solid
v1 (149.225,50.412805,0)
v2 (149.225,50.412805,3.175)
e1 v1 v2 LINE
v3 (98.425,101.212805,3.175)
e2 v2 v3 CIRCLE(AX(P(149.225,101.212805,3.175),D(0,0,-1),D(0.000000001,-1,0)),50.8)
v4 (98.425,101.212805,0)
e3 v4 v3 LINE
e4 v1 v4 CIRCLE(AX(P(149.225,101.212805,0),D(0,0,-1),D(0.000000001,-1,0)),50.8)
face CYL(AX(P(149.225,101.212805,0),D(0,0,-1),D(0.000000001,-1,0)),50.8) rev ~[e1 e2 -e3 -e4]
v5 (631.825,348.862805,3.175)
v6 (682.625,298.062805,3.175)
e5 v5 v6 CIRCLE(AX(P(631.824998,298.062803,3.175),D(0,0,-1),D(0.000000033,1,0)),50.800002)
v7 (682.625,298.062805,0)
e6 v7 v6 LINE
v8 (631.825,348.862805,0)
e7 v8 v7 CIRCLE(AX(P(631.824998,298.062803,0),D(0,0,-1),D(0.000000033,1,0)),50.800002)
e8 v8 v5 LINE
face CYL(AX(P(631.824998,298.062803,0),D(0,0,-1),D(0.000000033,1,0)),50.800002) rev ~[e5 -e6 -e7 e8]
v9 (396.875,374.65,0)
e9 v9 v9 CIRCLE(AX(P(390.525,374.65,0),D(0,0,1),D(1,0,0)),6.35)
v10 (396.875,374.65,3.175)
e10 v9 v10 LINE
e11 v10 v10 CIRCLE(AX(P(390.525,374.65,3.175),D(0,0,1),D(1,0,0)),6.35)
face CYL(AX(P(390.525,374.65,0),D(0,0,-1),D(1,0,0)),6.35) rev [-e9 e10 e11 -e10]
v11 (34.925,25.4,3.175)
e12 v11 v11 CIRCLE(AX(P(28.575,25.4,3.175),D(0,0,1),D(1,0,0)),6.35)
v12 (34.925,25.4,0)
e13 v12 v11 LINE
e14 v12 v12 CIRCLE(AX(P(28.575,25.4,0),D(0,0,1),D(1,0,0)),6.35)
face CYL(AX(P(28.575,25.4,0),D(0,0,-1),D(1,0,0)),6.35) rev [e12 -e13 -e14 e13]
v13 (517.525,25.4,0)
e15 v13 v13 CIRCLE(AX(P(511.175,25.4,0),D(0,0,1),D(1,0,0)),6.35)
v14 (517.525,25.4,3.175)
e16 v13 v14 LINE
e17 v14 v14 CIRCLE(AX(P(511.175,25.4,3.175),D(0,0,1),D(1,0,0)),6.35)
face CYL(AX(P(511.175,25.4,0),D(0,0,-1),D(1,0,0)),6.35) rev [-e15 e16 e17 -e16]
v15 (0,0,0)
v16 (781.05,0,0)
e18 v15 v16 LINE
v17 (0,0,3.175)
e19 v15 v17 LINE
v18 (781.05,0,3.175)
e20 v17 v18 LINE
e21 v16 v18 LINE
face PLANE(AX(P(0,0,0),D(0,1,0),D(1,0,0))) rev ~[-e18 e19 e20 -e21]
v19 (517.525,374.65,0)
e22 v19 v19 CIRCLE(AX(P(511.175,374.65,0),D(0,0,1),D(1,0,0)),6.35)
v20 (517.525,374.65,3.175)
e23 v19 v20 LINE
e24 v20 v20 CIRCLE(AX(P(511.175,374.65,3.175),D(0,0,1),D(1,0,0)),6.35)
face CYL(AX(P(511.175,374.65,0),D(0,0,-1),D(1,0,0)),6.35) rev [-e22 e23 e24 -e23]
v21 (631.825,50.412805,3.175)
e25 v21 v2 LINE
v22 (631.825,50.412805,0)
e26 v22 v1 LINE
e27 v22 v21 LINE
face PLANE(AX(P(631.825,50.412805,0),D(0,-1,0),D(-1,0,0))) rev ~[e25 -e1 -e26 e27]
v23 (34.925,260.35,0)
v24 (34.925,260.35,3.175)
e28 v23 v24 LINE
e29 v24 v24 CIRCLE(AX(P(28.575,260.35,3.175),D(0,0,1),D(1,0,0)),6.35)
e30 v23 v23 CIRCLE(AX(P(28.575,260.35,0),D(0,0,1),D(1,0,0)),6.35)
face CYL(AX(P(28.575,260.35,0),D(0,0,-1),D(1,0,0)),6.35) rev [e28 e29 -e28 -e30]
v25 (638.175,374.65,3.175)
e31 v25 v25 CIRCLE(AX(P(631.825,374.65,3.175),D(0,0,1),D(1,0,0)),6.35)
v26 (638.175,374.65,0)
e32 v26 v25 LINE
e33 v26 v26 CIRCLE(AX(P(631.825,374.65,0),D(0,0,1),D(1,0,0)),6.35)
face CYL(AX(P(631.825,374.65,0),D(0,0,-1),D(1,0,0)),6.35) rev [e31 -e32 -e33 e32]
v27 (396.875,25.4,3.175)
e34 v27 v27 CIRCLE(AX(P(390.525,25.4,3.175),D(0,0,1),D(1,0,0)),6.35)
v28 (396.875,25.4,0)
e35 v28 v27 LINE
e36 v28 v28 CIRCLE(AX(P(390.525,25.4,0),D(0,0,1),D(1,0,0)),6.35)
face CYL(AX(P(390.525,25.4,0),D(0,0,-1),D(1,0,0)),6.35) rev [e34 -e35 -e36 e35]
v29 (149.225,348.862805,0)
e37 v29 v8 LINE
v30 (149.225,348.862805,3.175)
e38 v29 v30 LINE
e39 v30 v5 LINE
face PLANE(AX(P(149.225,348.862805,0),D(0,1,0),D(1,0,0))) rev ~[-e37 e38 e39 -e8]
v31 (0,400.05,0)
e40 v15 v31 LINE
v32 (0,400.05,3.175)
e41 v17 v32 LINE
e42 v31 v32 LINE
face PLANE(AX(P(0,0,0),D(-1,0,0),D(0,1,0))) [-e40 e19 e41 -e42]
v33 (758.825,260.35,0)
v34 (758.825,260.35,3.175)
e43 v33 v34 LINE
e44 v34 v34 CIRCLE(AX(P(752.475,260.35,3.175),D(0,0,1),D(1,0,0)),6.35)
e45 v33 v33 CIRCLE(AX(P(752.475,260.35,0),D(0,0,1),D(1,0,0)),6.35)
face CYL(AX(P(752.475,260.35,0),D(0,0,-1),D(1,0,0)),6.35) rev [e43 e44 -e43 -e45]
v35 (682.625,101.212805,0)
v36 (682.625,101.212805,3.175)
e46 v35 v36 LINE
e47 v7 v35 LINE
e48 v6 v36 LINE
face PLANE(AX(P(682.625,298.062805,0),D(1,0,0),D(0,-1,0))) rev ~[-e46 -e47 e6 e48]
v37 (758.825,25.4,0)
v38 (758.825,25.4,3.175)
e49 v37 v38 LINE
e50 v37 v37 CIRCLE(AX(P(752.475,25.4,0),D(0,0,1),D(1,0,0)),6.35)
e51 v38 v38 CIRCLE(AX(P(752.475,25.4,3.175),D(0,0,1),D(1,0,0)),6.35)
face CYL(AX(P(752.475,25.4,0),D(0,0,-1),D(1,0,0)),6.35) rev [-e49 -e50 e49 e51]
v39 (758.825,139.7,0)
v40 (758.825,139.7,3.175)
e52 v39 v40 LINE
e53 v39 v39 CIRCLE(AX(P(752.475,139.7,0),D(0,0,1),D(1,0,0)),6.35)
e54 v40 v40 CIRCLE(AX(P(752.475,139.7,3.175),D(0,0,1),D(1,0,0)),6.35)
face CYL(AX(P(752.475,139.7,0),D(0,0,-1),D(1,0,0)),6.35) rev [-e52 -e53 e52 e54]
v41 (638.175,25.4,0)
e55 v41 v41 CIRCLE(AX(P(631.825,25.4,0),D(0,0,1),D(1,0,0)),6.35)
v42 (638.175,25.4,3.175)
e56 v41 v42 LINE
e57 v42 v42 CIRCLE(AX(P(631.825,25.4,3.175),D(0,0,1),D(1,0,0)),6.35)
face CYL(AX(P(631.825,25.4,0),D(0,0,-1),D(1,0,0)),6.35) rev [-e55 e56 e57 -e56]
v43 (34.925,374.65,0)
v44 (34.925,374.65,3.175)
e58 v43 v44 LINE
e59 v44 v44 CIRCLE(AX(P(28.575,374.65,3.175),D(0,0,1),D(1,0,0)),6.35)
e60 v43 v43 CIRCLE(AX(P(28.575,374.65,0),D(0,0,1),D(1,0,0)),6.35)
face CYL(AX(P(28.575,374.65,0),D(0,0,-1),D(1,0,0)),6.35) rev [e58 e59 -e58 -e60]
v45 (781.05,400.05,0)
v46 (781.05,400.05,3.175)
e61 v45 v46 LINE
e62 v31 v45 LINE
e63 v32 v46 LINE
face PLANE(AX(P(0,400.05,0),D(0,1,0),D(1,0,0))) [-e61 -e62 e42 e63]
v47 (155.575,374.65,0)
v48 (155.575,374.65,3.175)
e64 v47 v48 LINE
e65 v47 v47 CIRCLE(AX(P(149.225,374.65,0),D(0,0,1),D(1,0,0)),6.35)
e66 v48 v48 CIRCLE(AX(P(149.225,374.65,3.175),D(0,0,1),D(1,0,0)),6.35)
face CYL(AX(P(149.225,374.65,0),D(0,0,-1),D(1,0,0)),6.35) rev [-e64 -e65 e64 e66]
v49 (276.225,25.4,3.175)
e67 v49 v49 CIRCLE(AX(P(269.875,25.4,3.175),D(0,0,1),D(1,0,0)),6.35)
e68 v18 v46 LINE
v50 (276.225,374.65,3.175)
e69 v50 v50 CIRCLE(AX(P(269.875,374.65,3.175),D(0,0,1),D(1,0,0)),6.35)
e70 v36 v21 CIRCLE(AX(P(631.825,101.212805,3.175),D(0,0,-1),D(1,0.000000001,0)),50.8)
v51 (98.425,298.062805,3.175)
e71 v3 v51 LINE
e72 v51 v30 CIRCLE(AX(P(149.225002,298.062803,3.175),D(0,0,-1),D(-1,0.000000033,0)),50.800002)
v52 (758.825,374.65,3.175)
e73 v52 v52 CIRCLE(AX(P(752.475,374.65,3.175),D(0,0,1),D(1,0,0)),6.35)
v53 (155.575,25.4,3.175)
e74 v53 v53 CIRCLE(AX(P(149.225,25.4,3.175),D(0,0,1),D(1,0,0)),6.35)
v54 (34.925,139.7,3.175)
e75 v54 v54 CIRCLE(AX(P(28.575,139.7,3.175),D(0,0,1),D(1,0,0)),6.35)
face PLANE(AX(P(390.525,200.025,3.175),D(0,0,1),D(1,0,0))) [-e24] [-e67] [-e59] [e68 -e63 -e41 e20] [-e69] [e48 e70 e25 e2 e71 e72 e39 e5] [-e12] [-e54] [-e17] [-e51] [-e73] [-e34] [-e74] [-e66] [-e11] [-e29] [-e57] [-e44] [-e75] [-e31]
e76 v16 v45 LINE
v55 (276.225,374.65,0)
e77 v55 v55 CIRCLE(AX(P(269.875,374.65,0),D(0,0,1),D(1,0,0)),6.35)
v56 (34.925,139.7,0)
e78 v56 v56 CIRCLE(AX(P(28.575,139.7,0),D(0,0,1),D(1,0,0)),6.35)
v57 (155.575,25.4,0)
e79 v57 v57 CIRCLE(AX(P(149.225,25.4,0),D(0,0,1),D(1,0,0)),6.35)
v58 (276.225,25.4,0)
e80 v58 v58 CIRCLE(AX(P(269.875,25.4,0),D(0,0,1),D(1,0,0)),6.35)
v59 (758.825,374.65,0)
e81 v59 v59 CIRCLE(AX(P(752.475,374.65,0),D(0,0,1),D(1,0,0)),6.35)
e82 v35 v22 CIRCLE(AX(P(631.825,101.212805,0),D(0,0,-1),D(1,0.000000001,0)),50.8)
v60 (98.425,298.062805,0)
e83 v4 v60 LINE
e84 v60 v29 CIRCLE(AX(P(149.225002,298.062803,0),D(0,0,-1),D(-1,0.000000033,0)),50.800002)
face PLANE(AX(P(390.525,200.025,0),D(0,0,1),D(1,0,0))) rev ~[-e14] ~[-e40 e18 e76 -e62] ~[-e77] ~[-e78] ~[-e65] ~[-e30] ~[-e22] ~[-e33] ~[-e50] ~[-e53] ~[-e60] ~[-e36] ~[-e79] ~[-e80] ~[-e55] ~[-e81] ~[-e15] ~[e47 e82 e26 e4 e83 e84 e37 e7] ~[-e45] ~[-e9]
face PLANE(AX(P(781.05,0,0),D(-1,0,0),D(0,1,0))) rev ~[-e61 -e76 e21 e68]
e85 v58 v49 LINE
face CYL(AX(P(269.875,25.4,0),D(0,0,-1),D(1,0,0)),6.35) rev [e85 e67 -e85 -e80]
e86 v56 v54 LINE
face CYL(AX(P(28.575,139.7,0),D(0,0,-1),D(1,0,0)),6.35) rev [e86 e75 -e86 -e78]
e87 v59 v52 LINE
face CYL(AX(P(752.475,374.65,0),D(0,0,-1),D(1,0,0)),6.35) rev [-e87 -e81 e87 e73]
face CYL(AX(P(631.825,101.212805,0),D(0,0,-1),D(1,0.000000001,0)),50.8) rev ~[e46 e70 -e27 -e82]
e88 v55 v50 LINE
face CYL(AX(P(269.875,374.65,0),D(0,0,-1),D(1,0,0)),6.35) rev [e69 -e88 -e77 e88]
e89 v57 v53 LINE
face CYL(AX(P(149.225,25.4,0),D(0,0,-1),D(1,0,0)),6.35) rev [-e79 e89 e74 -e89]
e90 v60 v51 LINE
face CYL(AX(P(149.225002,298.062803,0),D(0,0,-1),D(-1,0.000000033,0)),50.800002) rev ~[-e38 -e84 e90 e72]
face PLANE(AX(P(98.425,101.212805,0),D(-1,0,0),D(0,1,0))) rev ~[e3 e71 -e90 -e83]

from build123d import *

# Parameters (mm, degrees)
F0_W     = 781.05
F0_H     = 400.05
F0_R     = 6.35
F1_DEPTH = 3.175


with BuildPart() as f1:
    # F0 (on Top) → F1 (new body)
    with BuildSketch(Plane.XY):
        with Locations((390.525, 200.025)):
            Rectangle(F0_W, F0_H)
        with Locations((28.575, 25.4)):
            Circle(F0_R, mode=Mode.SUBTRACT)
        with Locations((149.225, 25.4)):
            Circle(F0_R, mode=Mode.SUBTRACT)
        with Locations((269.875, 25.4)):
            Circle(F0_R, mode=Mode.SUBTRACT)
        with Locations((28.575, 139.7)):
            Circle(F0_R, mode=Mode.SUBTRACT)
        with Locations((390.525, 25.4)):
            Circle(F0_R, mode=Mode.SUBTRACT)
        with Locations((511.175, 25.4)):
            Circle(F0_R, mode=Mode.SUBTRACT)
        with Locations((631.825, 25.4)):
            Circle(F0_R, mode=Mode.SUBTRACT)
        with Locations((752.475, 25.4)):
            Circle(F0_R, mode=Mode.SUBTRACT)
        with BuildLine():
            Line((631.825, 50.412805), (149.225, 50.412805))
            ThreePointArc((149.225, 50.412805), (113.303976, 65.29178), (98.425, 101.212805))
            Line((98.425, 101.212805), (98.425, 298.062805))
            ThreePointArc((98.425, 298.062805), (113.303976, 333.983829), (149.225, 348.862805))
            Line((149.225, 348.862805), (631.825, 348.862805))
            ThreePointArc((631.825, 348.862805), (667.746024, 333.983829), (682.625, 298.062805))
            Line((682.625, 298.062805), (682.625, 101.212805))
            ThreePointArc((682.625, 101.212805), (667.746024, 65.29178), (631.825, 50.412805))
        make_face(mode=Mode.SUBTRACT)
        with Locations((752.475, 139.7)):
            Circle(F0_R, mode=Mode.SUBTRACT)
        with Locations((28.575, 260.35)):
            Circle(F0_R, mode=Mode.SUBTRACT)
        with Locations((28.575, 374.65)):
            Circle(F0_R, mode=Mode.SUBTRACT)
        with Locations((149.225, 374.65)):
            Circle(F0_R, mode=Mode.SUBTRACT)
        with Locations((269.875, 374.65)):
            Circle(F0_R, mode=Mode.SUBTRACT)
        with Locations((752.475, 260.35)):
            Circle(F0_R, mode=Mode.SUBTRACT)
        with Locations((390.525, 374.65)):
            Circle(F0_R, mode=Mode.SUBTRACT)
        with Locations((511.175, 374.65)):
            Circle(F0_R, mode=Mode.SUBTRACT)
        with Locations((631.825, 374.65)):
            Circle(F0_R, mode=Mode.SUBTRACT)
        with Locations((752.475, 374.65)):
            Circle(F0_R, mode=Mode.SUBTRACT)
    extrude(amount=F1_DEPTH)


solid = f1.part
